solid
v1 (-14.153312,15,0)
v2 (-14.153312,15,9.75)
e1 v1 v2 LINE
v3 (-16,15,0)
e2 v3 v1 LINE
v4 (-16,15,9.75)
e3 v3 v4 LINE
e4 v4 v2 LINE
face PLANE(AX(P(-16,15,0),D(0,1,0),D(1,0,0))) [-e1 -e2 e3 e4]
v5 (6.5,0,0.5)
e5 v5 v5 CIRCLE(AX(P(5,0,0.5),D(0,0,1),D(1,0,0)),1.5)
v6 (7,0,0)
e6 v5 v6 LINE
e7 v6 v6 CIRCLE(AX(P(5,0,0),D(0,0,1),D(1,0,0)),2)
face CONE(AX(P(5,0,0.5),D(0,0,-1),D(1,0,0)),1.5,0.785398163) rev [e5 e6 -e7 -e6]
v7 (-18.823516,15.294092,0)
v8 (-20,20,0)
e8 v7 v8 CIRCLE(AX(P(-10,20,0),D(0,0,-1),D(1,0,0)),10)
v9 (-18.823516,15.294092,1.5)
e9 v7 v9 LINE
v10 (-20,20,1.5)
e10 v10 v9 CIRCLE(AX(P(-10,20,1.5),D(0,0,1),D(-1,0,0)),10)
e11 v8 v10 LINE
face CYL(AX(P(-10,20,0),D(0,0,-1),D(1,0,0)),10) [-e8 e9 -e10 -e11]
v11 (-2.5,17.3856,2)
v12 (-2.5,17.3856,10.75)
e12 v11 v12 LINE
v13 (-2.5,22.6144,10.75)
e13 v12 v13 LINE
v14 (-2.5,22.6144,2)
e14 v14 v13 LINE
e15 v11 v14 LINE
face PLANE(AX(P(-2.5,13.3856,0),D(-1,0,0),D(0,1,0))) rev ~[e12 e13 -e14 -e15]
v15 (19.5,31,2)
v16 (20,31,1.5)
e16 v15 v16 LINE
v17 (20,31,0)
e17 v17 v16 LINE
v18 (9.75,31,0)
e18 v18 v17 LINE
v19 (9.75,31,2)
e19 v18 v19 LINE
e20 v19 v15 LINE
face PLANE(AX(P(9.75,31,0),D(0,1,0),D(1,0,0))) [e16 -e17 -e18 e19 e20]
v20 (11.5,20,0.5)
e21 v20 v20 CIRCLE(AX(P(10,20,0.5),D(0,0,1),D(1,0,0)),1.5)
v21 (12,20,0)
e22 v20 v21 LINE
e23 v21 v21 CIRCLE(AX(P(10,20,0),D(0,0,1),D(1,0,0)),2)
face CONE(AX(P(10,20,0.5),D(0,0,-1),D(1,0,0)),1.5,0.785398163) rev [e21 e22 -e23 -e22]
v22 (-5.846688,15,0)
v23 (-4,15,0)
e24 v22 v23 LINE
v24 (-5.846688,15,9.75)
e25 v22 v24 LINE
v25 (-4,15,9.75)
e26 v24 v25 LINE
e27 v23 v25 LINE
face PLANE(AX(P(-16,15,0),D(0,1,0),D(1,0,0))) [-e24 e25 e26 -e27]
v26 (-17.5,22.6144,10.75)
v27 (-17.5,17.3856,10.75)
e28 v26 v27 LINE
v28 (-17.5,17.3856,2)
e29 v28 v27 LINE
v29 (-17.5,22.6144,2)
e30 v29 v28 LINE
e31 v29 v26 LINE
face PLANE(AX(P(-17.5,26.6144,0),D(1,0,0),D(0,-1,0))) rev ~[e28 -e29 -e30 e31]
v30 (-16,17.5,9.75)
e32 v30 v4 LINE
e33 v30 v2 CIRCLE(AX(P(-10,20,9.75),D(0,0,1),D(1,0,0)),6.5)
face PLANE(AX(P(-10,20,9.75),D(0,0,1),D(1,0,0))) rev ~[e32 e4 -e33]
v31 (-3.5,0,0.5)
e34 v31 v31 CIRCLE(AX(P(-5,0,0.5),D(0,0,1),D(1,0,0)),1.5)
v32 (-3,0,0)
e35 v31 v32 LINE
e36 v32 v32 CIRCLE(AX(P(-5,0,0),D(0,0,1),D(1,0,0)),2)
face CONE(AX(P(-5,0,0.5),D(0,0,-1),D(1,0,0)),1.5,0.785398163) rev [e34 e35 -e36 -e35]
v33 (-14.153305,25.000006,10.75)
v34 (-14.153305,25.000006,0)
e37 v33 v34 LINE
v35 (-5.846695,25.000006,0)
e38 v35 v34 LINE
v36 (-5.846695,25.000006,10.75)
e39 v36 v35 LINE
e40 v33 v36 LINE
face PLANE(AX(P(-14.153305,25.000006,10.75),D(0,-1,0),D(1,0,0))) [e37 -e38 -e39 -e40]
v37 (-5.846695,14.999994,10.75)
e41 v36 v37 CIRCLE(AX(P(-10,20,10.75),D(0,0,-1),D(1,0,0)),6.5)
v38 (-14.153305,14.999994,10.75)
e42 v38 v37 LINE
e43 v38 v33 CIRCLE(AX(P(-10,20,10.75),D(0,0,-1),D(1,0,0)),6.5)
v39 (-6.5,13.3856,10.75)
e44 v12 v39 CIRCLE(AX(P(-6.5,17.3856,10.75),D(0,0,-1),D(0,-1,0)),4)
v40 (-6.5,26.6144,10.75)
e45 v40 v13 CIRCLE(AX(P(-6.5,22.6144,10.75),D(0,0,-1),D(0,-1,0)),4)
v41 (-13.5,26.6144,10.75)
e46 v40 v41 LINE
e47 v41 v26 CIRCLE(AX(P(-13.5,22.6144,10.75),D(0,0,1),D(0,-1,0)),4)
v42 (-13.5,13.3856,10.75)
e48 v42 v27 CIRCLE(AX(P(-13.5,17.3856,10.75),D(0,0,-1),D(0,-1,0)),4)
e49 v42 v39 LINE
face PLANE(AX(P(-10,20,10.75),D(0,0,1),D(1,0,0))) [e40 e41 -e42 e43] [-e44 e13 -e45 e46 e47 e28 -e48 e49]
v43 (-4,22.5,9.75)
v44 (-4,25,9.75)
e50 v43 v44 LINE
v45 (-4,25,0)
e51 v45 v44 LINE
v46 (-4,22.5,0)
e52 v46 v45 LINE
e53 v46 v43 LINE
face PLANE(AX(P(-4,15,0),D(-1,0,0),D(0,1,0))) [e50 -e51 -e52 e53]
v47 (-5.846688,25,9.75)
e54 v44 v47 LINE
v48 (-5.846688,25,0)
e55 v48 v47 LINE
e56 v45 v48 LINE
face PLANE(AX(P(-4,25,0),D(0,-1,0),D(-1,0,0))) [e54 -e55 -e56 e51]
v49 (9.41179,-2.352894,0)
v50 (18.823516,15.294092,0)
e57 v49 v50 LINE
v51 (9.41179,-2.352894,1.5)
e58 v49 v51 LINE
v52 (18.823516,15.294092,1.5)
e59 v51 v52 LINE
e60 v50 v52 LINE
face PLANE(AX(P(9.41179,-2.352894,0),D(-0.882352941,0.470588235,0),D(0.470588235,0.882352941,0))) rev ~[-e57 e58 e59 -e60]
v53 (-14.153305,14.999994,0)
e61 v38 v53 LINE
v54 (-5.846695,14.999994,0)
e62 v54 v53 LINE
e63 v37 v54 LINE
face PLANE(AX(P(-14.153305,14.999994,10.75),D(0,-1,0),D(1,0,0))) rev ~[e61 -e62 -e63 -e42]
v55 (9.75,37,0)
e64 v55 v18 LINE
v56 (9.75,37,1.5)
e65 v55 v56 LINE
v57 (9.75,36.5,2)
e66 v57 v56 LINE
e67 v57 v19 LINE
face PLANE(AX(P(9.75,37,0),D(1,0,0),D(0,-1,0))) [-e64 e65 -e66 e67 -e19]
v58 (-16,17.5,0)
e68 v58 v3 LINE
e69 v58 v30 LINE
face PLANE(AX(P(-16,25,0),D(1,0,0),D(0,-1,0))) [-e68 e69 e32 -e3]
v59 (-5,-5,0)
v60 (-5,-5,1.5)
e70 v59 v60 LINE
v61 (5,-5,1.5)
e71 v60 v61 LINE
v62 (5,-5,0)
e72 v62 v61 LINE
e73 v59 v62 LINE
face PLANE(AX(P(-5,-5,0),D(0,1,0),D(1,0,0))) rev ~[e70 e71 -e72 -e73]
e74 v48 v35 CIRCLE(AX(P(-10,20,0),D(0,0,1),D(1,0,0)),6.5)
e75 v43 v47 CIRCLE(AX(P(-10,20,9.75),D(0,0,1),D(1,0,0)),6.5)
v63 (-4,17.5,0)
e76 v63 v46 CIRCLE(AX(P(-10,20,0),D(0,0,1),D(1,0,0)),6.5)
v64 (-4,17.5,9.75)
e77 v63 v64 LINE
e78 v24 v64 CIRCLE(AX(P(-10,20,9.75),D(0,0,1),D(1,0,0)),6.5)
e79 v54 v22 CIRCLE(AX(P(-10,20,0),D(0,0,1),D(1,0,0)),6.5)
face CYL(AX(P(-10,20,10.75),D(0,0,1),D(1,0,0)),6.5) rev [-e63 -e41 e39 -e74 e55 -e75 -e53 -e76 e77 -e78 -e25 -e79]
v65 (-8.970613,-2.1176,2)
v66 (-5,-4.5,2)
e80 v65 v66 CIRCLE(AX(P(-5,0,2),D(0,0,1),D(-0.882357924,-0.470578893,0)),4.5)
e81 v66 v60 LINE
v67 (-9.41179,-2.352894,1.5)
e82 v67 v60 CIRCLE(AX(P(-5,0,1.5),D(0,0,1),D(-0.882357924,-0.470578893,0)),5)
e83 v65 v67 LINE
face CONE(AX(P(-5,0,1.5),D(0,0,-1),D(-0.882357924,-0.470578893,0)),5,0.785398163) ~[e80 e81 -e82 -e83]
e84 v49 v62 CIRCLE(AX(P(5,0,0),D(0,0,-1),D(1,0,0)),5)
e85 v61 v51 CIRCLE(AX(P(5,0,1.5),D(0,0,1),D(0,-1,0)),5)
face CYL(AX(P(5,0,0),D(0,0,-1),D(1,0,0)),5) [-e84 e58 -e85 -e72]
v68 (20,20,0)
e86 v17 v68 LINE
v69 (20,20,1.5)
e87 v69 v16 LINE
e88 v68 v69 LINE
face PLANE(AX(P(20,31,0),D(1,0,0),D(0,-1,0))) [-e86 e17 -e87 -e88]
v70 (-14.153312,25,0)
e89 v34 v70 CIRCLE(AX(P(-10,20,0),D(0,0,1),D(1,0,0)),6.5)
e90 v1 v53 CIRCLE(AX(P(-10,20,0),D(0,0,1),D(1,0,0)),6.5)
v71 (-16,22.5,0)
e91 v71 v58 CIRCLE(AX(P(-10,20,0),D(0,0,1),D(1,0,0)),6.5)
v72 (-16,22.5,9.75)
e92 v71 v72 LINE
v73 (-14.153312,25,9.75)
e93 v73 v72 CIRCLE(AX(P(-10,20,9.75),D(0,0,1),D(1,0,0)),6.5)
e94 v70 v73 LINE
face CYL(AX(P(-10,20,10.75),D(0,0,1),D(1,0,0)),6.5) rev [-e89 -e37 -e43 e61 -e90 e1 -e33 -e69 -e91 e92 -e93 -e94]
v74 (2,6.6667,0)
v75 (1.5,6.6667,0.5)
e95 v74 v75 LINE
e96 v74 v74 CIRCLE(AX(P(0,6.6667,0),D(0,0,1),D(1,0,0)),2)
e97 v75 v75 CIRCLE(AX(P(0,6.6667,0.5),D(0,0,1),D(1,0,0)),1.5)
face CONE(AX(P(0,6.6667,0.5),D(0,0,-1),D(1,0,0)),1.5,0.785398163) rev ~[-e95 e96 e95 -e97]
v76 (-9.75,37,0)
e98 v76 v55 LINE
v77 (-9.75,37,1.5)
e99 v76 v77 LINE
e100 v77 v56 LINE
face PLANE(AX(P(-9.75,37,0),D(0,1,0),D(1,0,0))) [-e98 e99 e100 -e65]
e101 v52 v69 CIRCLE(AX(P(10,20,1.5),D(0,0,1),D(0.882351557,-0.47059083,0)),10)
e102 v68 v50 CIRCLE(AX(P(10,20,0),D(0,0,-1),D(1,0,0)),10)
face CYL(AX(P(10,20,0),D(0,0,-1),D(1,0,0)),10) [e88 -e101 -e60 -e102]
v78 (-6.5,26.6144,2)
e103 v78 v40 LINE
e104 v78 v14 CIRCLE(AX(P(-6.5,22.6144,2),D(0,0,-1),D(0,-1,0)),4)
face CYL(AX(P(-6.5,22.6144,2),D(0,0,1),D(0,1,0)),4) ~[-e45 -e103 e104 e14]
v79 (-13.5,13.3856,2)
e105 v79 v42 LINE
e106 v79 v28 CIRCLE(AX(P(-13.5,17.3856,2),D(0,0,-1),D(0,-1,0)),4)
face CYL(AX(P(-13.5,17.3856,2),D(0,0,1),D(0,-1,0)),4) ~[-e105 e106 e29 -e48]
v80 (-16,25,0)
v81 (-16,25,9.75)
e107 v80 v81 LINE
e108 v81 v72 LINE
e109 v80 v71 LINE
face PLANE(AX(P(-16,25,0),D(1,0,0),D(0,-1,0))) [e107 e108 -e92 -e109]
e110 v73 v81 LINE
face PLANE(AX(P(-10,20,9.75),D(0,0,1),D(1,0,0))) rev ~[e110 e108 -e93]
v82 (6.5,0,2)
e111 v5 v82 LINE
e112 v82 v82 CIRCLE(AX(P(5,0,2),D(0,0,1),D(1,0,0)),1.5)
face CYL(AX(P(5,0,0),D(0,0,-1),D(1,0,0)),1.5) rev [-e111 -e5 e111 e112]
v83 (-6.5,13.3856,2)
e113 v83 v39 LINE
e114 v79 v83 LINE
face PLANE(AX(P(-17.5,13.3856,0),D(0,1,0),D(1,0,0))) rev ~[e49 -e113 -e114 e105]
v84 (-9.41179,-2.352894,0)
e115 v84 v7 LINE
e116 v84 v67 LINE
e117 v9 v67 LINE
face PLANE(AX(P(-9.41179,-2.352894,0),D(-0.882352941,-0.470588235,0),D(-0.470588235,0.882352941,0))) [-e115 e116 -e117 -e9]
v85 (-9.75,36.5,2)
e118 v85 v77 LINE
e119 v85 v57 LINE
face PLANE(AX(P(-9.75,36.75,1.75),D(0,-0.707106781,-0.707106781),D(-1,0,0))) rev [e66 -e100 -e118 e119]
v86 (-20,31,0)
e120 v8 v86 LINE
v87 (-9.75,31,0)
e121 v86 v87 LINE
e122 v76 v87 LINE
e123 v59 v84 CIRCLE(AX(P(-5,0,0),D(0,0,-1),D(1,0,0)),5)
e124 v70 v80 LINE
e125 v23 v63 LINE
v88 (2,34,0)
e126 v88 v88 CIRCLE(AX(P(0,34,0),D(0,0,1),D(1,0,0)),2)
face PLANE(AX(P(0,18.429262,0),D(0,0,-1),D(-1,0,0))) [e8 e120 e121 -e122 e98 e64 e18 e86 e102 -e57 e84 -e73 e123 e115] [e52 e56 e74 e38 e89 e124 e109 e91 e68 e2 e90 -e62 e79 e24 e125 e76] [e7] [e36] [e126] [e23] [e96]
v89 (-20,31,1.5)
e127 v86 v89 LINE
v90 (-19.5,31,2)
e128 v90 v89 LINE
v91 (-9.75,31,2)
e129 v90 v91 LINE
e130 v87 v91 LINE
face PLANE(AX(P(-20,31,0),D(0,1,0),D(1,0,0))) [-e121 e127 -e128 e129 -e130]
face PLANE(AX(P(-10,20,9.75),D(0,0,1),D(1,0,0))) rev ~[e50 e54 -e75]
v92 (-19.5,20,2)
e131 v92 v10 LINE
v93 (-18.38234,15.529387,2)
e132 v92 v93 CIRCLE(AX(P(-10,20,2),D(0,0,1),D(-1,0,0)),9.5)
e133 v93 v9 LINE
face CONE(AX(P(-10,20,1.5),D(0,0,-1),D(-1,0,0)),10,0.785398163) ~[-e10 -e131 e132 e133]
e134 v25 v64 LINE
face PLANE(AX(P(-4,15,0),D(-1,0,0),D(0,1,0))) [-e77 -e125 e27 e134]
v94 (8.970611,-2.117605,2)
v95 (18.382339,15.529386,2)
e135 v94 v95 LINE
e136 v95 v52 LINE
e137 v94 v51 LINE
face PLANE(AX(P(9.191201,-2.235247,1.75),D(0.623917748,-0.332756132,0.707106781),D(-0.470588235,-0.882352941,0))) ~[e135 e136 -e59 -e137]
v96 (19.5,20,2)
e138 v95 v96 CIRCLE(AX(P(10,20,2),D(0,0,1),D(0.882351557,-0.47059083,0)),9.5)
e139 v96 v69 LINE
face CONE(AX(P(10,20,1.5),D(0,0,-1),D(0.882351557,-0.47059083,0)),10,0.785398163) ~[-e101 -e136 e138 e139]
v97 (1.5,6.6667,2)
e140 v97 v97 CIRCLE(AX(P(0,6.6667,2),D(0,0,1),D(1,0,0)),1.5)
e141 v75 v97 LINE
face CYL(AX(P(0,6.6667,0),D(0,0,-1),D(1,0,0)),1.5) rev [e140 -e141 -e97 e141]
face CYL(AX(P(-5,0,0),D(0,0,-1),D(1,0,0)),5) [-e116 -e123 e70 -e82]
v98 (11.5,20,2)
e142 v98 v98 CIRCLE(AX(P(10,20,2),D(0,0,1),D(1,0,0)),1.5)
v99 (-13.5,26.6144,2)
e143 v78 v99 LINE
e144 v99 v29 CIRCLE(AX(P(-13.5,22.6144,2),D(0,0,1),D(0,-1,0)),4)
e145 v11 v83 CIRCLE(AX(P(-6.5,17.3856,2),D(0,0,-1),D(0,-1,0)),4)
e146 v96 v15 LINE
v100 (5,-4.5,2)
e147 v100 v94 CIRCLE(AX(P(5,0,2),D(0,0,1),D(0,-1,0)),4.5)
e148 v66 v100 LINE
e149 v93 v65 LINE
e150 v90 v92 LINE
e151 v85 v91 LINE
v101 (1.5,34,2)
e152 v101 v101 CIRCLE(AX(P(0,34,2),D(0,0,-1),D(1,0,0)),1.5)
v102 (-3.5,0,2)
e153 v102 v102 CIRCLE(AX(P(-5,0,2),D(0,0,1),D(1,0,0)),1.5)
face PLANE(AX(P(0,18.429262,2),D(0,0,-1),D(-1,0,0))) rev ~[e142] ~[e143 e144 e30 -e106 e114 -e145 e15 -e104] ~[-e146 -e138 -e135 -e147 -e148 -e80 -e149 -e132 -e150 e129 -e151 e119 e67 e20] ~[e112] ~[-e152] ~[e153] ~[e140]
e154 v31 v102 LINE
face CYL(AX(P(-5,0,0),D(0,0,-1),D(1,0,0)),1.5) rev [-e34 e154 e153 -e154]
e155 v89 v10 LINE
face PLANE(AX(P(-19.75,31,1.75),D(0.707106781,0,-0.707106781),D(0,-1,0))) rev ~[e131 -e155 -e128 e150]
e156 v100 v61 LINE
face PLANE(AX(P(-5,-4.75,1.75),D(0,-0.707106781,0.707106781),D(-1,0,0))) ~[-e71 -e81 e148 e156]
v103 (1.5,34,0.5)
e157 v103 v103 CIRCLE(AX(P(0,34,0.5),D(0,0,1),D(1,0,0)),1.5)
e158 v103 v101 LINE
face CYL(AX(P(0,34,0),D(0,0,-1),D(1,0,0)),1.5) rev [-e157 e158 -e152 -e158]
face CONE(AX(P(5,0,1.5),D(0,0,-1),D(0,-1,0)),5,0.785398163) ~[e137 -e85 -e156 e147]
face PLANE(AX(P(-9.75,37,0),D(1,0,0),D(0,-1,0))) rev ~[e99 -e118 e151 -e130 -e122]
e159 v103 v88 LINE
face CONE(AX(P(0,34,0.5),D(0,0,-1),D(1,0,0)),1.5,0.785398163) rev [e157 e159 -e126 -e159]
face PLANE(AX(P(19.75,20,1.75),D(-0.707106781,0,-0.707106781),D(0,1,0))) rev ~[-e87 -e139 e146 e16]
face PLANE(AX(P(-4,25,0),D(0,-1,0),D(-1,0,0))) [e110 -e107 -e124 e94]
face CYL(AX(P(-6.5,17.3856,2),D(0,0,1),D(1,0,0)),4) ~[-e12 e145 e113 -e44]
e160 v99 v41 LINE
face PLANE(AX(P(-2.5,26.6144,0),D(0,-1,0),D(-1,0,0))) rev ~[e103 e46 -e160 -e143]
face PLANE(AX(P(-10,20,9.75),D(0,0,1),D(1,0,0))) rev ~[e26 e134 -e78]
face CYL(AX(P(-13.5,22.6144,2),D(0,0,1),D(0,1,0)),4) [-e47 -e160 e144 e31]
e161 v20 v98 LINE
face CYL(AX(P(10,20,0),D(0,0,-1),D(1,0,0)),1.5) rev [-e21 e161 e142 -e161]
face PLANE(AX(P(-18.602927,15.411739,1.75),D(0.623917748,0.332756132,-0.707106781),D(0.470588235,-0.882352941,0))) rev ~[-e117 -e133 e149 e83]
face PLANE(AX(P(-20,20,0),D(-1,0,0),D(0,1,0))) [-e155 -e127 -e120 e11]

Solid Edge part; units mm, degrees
sketch "Sketch1" plane through (0, 0, 0) normal (0, 0, 1) x (1, 0, 0)
  line L0 (-9.4118, -2.3529) -> (-18.8235, 15.2941)
  arc A0 (-18.8235, 15.2941) -> (-20, 20) centre (-10, 20) cw
  line L1 (-20, 20) -> (-20, 31)
  line L2 (-20, 31) -> (-9.75, 31)
  line L3 (-9.75, 37) -> (-9.75, 31)
  line L4 (-9.75, 37) -> (9.75, 37)
  line L5 (9.75, 37) -> (9.75, 31)
  line L6 (9.75, 31) -> (20, 31)
  line L7 (20, 31) -> (20, 20)
  arc A1 (20, 20) -> (18.8235, 15.2941) centre (10, 20) cw
  line L8 (9.4118, -2.3529) -> (18.8235, 15.2941)
  line L9 (-5, -5) -> (5, -5)
  arc A2 (9.4118, -2.3529) -> (5, -5) centre (5, 0) cw
  arc A3 (-5, -5) -> (-9.4118, -2.3529) centre (-5, 0) cw
  circle A4 centre (10, 20) radius 1.5
  circle A5 centre (5, 0) radius 1.5
  circle A6 centre (-5, 0) radius 1.5
  circle A7 centre (0, 6.6667) radius 1.5
extrude "Protrusion1" add sketch "Sketch1" along normal blind 2
sketch "Sketch2" plane through (0, 0, 0) normal (0, 0, 1) x (1, 0, 0)
  line L0 (-17.5, 26.6144) -> (-17.5, 13.3856)
  line L1 (-17.5, 13.3856) -> (-2.5, 13.3856)
  line L2 (-2.5, 13.3856) -> (-2.5, 26.6144)
  line L3 (-2.5, 26.6144) -> (-17.5, 26.6144)
extrude "Protrusion2" add sketch "Sketch2" along normal blind 10.75
sketch "Sketch3" plane through (0, 0, 0) normal (0, 0, 1) x (1, 0, 0)
  line L0 (-16, 25) -> (-16, 15)
  line L1 (-16, 15) -> (-4, 15)
  line L2 (-4, 15) -> (-4, 25)
  line L3 (-4, 25) -> (-16, 25)
extrude "VaciadoExtruido_2" cut sketch "Sketch3" along normal blind 9.75
sketch "Sketch4" plane through (-10, 20, 10.75) normal (0, 0, 1) x (1, 0, 0)
  line L0 (-4.1533, 5) -> (4.1533, 5)
  arc A0 (4.1533, 5) -> (4.1533, -5) centre (0, 0) cw
  line L1 (-4.1533, -5) -> (4.1533, -5)
  arc A1 (-4.1533, -5) -> (-4.1533, 5) centre (0, 0) cw
extrude "Cutout1" cut sketch "Sketch4" against normal through all
fillet "Redondeo_1" radius 4 4 edges at (-2.5, 13.3856, 6.375) (-17.5, 13.3856, 6.375) (-17.5, 26.6144, 6.375) (-2.5, 26.6144, 6.375)
chamfer "Chaflán_1" distance 0.5 angle 45 10 edges at (0, -5, 2) (-7.5725, -4.2875, 2) (-14.1176, 6.4706, 2) (14.1176, 6.4706, 2) (7.5725, -4.2875, 2) (19.7014, 17.5746, 2) (20, 25.5, 2) (-19.7014, 17.5746, 2) (-20, 25.5, 2) (0, 37, 2)
sketch "Sketch5" plane through (0, 0, 0) normal (0, 0, 1) x (1, 0, 0)
  circle A0 centre (0, 34) radius 1.5
extrude "Cutout2" cut sketch "Sketch5" along normal through all
chamfer "Chaflán_2" distance 0.5 angle 45 4 edges at (8.5, 20, 0) (3.5, 0, 0) (-6.5, 0, 0) (-1.5, 34, 0)
chamfer "Chaflán_3" distance 0.5 angle 45 1 edges at (-1.5, 6.6667, 0)
